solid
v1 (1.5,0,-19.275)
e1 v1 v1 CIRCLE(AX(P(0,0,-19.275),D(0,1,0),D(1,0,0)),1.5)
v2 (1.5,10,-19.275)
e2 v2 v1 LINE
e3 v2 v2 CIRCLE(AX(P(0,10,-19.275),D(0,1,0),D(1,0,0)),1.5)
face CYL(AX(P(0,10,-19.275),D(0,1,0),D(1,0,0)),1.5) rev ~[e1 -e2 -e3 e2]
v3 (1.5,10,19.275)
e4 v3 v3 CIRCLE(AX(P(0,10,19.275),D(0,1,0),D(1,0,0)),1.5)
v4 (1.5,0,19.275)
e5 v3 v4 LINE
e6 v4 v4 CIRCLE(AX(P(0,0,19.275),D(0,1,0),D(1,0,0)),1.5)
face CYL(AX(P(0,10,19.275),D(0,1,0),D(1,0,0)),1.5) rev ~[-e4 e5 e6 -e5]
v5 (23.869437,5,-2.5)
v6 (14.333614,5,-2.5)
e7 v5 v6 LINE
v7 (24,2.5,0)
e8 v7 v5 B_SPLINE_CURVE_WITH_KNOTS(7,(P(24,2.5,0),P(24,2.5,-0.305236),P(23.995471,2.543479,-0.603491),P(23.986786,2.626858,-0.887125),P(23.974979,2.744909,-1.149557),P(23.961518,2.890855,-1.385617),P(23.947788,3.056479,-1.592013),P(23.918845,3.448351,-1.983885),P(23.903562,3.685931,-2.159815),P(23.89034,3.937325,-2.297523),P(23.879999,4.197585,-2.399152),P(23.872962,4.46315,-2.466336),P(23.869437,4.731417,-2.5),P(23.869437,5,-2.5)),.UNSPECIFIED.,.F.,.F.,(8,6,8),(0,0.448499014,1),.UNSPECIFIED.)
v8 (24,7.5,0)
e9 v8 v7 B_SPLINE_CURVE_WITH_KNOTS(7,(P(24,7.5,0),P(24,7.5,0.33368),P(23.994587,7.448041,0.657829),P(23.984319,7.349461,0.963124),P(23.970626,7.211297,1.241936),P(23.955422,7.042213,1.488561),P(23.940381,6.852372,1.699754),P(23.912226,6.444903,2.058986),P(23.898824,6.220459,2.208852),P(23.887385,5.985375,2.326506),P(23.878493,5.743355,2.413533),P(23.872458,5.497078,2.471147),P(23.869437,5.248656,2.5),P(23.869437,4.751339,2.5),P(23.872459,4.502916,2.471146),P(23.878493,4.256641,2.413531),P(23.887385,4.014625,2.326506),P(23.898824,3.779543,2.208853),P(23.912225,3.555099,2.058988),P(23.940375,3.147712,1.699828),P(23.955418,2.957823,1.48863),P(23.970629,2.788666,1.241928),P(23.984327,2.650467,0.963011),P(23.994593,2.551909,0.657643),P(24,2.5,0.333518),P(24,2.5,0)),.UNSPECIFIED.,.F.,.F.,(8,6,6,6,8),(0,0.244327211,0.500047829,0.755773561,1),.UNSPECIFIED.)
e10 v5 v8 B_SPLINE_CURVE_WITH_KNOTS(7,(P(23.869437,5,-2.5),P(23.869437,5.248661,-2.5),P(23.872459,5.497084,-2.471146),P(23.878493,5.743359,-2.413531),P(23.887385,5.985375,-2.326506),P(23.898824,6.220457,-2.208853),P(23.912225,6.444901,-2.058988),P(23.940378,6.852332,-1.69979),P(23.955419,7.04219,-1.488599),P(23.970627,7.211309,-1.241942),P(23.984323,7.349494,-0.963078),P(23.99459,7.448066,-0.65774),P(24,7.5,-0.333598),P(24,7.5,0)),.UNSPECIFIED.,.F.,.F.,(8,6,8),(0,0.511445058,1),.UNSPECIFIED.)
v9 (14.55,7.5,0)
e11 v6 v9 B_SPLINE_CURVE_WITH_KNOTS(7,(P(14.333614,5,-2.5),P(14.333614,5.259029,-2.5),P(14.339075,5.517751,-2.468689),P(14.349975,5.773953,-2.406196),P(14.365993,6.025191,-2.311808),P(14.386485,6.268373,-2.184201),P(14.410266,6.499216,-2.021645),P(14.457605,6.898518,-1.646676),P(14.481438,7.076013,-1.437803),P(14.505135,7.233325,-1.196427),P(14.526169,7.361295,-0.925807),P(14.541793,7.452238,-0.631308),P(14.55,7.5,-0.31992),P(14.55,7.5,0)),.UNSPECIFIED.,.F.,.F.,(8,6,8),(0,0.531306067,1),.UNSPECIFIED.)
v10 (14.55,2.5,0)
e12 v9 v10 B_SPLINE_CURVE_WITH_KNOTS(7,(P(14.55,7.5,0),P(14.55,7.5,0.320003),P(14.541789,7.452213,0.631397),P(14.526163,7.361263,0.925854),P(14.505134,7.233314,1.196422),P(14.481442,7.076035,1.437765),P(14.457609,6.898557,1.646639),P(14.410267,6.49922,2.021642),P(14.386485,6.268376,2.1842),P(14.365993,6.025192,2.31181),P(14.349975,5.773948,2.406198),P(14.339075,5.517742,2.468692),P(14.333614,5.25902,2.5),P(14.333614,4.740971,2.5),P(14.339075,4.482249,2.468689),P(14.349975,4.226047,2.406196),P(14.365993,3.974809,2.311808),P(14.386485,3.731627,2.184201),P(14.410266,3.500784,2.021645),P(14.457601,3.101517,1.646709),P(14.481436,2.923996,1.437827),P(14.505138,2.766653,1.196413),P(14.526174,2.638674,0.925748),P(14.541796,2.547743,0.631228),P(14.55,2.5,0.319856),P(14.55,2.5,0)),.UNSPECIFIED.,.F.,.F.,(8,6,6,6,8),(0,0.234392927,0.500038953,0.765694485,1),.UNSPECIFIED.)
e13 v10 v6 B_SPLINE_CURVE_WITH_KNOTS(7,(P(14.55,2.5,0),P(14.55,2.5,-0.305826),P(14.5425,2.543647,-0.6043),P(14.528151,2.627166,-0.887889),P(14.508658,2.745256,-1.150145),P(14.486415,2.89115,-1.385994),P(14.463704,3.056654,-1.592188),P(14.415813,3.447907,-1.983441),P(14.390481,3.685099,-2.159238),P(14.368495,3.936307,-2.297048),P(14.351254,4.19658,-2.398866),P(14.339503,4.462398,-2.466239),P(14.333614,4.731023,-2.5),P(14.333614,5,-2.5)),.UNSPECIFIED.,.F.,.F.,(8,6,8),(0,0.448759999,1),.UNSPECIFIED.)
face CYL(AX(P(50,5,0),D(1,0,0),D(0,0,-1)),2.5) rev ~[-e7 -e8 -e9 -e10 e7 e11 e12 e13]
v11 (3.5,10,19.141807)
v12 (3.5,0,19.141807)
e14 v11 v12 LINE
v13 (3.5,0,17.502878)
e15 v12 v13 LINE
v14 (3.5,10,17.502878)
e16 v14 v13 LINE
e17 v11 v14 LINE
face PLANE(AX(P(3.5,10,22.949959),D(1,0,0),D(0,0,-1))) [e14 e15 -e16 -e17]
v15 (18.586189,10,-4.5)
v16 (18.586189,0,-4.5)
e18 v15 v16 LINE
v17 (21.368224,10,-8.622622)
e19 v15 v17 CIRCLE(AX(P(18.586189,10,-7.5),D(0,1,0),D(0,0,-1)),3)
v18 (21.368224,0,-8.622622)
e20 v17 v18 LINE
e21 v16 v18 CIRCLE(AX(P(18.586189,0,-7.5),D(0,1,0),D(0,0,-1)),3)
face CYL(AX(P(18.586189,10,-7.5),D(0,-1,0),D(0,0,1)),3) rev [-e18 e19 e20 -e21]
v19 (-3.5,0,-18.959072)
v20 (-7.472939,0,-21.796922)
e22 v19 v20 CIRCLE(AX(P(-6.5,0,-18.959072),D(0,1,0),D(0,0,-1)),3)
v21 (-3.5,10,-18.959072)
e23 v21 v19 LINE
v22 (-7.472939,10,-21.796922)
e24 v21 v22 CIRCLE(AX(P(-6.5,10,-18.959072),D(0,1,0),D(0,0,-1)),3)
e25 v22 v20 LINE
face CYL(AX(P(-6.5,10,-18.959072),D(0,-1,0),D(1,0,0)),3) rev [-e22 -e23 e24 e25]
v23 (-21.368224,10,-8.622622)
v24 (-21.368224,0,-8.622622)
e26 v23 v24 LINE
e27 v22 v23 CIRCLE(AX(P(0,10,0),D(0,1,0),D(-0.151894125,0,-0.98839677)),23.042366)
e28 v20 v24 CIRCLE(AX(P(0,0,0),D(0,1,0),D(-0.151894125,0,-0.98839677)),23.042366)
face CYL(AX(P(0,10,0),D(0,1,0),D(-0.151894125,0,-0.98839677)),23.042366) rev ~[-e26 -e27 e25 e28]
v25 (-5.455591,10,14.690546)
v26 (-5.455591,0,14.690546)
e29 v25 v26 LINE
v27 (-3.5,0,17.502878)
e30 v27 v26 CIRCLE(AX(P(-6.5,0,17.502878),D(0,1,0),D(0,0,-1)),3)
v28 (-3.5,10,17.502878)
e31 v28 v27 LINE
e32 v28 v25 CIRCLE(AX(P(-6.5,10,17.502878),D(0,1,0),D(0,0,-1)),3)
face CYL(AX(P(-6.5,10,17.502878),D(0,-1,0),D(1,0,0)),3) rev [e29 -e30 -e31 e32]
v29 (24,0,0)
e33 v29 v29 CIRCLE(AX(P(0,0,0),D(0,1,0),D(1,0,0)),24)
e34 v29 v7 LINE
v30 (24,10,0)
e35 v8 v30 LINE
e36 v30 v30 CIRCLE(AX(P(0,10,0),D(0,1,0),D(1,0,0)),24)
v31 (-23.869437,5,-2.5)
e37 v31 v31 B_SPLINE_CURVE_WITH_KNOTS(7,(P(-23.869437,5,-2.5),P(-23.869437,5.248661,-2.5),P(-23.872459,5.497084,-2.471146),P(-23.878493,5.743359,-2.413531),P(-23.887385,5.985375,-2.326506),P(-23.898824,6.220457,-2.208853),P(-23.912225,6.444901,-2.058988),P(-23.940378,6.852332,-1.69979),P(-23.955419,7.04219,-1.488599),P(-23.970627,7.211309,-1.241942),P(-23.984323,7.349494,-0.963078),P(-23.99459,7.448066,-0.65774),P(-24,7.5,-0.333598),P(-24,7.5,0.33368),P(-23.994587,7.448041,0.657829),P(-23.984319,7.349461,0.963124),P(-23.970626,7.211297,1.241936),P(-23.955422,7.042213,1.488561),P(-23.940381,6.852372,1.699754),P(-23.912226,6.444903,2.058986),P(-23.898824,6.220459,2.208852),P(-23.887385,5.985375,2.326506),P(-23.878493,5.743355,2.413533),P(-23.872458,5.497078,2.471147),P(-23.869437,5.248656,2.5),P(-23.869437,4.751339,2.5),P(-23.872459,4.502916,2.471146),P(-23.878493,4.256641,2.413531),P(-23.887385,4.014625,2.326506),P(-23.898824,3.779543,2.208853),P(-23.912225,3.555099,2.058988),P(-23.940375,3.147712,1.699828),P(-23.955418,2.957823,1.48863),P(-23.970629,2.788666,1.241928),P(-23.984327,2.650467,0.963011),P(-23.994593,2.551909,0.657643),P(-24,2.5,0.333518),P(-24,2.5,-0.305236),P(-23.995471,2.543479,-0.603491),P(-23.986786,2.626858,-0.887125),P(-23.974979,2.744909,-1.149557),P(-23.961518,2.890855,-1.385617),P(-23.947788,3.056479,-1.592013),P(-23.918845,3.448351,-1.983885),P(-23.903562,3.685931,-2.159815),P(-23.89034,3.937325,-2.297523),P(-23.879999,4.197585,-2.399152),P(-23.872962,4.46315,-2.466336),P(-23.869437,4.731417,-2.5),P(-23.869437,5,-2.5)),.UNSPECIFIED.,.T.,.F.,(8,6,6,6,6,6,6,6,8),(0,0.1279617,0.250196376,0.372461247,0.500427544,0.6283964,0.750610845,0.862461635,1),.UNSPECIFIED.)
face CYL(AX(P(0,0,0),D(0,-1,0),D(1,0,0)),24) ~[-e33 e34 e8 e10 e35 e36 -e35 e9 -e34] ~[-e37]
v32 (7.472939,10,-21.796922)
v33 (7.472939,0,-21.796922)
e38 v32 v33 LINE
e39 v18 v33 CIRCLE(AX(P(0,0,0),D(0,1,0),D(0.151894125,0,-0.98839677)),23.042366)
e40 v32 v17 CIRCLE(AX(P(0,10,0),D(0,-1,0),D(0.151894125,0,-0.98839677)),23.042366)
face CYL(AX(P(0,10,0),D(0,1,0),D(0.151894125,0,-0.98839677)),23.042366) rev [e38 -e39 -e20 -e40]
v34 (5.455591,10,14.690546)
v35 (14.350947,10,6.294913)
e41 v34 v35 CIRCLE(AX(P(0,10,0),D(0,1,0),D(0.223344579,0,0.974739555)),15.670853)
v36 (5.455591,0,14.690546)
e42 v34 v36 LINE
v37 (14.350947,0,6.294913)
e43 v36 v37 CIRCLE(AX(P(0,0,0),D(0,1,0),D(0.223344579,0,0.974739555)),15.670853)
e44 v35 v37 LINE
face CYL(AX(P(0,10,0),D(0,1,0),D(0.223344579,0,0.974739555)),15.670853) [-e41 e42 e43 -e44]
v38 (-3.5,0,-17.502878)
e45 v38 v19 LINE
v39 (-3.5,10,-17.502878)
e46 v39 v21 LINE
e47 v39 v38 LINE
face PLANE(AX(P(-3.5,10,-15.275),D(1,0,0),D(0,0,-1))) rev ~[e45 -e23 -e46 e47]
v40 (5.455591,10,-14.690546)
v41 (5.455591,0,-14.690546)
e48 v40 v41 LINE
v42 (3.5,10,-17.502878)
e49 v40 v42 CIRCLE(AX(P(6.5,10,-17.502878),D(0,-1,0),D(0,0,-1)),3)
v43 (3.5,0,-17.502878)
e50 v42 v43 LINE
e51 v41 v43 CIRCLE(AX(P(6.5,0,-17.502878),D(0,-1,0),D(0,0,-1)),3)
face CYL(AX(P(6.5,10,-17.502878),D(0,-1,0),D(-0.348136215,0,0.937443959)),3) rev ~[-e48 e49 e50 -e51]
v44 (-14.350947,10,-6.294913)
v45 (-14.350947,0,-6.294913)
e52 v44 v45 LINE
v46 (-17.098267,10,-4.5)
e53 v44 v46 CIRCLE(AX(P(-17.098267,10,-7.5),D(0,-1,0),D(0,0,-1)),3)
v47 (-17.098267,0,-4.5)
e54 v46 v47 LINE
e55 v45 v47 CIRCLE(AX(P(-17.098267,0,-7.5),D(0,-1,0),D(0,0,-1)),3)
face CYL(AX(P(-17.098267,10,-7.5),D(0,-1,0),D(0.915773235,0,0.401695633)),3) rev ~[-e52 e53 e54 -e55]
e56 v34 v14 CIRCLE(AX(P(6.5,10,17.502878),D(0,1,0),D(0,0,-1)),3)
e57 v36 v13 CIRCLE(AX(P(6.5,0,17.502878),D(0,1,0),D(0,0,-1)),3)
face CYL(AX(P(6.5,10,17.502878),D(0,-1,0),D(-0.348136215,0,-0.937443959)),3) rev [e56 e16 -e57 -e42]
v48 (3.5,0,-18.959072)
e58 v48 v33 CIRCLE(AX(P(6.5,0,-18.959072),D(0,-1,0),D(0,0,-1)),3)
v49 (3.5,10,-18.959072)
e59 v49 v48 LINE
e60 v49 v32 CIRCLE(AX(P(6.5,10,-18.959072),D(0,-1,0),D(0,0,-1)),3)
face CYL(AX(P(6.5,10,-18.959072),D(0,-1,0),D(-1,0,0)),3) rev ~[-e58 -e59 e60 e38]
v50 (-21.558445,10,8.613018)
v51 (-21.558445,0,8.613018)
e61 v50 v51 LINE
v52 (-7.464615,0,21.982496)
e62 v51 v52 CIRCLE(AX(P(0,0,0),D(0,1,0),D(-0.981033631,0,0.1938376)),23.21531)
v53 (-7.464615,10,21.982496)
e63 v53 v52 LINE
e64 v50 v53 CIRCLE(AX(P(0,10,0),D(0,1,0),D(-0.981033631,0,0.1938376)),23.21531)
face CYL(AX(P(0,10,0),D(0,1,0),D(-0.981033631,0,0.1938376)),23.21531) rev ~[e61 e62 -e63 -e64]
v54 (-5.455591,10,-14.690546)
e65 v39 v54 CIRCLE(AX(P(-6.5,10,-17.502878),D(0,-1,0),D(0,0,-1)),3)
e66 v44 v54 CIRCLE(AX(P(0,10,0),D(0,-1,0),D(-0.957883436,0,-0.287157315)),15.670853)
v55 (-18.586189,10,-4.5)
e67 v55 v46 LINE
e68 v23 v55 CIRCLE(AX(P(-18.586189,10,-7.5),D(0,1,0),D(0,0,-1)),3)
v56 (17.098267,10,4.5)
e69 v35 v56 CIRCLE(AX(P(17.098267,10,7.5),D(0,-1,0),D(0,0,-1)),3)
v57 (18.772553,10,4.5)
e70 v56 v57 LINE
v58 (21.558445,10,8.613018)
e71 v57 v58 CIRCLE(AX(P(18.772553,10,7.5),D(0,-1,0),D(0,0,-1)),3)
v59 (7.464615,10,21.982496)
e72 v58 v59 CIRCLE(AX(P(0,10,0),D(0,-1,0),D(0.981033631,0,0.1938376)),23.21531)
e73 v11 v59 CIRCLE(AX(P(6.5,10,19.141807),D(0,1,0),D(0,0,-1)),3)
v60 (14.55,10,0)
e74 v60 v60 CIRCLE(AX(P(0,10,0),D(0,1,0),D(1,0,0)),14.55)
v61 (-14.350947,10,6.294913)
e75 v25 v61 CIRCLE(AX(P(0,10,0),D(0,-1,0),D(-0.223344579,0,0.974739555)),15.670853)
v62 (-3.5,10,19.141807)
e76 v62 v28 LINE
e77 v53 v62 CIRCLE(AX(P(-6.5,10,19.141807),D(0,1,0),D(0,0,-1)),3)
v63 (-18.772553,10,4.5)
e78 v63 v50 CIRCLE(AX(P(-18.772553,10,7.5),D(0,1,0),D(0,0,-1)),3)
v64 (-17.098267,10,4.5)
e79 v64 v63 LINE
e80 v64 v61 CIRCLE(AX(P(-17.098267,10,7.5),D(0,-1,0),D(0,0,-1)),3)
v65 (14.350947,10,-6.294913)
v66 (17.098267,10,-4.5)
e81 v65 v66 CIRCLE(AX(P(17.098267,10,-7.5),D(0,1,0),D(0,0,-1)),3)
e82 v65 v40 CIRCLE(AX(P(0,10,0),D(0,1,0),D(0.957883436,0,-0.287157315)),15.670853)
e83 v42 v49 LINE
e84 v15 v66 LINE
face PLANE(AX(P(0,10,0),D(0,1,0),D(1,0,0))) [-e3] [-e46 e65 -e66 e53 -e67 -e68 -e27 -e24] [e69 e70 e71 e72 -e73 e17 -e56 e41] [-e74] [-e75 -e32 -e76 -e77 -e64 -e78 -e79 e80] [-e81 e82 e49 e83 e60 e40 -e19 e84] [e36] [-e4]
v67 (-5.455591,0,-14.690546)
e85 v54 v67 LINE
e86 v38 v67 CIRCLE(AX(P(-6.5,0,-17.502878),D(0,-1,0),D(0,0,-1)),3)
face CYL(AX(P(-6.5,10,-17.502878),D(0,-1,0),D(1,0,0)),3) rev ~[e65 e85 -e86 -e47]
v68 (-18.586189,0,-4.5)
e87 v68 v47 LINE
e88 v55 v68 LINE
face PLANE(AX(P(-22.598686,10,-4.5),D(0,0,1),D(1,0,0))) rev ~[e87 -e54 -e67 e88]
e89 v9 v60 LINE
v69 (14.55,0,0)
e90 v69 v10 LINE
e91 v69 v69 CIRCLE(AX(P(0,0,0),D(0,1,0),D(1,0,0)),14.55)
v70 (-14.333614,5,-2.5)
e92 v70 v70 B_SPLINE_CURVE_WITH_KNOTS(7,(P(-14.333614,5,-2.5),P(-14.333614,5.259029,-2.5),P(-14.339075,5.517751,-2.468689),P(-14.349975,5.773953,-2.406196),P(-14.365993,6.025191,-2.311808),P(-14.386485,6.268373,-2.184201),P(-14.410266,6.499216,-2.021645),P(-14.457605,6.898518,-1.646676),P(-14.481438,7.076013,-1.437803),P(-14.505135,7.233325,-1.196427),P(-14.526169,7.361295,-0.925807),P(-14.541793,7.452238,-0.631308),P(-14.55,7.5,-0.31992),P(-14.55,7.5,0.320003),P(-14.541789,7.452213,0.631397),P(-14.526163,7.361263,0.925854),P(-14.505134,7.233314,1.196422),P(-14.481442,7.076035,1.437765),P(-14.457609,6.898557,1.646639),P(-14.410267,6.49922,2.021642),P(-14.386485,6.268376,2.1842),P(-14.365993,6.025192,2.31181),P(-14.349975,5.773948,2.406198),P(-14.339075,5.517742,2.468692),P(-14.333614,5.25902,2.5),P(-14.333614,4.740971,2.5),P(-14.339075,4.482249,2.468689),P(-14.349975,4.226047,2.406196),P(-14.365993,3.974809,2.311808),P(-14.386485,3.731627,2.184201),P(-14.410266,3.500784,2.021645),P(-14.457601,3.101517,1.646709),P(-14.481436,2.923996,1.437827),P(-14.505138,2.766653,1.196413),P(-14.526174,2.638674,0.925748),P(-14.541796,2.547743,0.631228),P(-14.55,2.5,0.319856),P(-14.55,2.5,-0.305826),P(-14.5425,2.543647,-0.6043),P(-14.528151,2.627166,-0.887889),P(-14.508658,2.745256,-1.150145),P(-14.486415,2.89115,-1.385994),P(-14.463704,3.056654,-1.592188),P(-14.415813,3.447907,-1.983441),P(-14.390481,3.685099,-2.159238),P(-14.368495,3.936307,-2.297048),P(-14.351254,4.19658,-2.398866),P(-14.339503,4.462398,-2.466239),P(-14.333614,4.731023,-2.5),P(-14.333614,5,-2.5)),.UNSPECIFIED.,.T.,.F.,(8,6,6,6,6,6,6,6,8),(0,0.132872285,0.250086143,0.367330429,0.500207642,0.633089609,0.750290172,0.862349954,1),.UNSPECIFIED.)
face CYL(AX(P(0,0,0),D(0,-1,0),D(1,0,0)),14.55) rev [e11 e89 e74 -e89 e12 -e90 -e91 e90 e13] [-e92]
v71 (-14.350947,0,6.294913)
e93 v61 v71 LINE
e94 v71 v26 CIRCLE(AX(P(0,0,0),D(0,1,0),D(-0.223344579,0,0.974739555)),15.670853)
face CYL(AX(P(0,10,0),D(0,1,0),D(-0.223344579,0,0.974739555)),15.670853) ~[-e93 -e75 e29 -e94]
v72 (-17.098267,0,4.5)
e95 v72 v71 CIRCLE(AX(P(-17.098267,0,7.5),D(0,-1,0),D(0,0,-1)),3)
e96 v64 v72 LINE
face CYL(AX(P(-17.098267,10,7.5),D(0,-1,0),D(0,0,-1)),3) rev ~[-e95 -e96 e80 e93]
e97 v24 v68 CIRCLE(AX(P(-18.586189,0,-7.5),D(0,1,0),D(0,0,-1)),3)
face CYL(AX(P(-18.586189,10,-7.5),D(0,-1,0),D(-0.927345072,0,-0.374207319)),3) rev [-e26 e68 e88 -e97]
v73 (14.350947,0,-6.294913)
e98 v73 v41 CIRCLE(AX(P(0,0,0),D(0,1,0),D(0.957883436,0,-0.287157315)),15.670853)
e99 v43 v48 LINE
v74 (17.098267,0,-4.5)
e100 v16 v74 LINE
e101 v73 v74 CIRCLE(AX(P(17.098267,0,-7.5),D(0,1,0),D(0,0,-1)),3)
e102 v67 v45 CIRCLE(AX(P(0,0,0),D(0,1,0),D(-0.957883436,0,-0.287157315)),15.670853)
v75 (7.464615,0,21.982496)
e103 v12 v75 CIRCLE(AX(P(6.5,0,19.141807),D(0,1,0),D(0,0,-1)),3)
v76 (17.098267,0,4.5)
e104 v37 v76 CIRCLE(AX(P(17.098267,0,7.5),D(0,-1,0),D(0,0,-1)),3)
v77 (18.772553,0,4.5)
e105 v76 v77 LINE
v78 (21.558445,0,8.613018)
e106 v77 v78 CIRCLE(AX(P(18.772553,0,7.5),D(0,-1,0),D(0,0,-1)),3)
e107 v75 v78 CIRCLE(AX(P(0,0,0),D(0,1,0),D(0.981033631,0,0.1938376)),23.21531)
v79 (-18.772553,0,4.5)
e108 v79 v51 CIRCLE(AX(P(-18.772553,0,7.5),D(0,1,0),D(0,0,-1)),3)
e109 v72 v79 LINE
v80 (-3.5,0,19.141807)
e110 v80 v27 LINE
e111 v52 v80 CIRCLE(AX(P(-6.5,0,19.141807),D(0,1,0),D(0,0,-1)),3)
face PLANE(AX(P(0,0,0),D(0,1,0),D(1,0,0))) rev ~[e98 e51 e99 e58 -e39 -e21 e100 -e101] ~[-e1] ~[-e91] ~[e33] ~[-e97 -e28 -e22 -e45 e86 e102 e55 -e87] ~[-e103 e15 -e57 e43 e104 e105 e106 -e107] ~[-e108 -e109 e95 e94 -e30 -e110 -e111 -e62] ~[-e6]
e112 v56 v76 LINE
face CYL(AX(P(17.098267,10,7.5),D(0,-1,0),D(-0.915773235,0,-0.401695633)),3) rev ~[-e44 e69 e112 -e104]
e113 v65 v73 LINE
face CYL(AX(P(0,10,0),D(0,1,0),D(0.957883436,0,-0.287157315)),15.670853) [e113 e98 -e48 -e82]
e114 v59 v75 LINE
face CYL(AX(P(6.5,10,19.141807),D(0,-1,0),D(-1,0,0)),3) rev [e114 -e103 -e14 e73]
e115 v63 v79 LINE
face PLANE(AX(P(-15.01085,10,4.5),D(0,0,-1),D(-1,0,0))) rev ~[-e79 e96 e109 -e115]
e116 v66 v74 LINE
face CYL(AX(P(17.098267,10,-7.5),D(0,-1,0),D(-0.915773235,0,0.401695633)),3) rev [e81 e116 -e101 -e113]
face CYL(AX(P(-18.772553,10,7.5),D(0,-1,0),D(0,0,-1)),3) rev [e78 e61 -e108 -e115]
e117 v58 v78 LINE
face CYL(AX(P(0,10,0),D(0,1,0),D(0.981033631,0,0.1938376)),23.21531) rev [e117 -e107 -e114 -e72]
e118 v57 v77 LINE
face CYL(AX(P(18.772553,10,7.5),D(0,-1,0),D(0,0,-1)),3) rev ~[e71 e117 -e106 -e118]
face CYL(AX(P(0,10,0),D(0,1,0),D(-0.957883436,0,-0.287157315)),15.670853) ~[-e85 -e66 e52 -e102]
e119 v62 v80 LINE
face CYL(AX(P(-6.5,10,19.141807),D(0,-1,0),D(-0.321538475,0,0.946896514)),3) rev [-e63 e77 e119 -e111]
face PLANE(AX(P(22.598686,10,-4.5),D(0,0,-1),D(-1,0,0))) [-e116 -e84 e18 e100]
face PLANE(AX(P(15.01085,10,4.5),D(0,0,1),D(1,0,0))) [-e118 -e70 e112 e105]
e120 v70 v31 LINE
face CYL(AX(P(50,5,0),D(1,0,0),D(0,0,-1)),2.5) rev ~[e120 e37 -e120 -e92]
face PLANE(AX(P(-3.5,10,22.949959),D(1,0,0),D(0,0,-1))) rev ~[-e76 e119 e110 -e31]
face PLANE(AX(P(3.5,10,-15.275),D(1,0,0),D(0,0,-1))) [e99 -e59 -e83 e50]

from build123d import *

# Parameters (mm, degrees)
SKETCH3_R           = 24
SKETCH3_R_2         = 14.55
BOSS_EXTRUDE1_DEPTH = 10
CUT_EXTRUDE2_START  = 50
SKETCH4_R           = 2.5
CUT_EXTRUDE2_DEPTH  = 100
SKETCH5_R           = 1.5
CUT_EXTRUDE3_DEPTH  = 100
CUT_EXTRUDE6_DEPTH  = 26
CUT_EXTRUDE7_DEPTH  = 26
CUT_EXTRUDE8_DEPTH  = 26
CUT_EXTRUDE9_DEPTH  = 26
FILLET5_R           = 3


with BuildPart() as part:
    # Sketch3 → Boss-Extrude1 (new body)
    with BuildSketch(Plane(origin=(0, 0, 0), x_dir=(1, 0, 0), z_dir=(0, 1, 0))):
        Circle(SKETCH3_R)
        Circle(SKETCH3_R_2, mode=Mode.SUBTRACT)
    extrude(amount=BOSS_EXTRUDE1_DEPTH)

    # Sketch4 → Cut-Extrude2 (cut)
    with BuildSketch(Plane(origin=(0, 0, 0), x_dir=(0, 0, -1), z_dir=(1, 0, 0)).offset(CUT_EXTRUDE2_START)):
        with Locations((0, 5)):
            Circle(SKETCH4_R)
    extrude(amount=-CUT_EXTRUDE2_DEPTH, mode=Mode.SUBTRACT)

    # Sketch5 → Cut-Extrude3 (cut)
    with BuildSketch(Plane(origin=(0, 10, 0), x_dir=(1, 0, 0), z_dir=(0, 1, 0))):
        with Locations((0, 19.275)):
            Circle(SKETCH5_R)
        with Locations((0, -19.275)):
            Circle(SKETCH5_R)
    extrude(amount=-CUT_EXTRUDE3_DEPTH, mode=Mode.SUBTRACT)

    # Sketch7 → Cut-Extrude6 (cut)
    with BuildSketch(Plane(origin=(0, 10, 0), x_dir=(1, 0, 0), z_dir=(0, 1, 0))):
        with BuildLine():
            Line((3.5, 15.275), (3.5, 22.775))
            ThreePointArc((3.5, 22.775), (15.930450829, 16.648464235), (22.598686356, 4.5))
            Line((22.598686356, 4.5), (15.010850242, 4.5))
            ThreePointArc((15.010850242, 4.5), (10.709250694, 11.440610761), (3.5, 15.275))
        make_face()
    extrude(amount=-CUT_EXTRUDE6_DEPTH, mode=Mode.SUBTRACT)

    # Sketch9 → Cut-Extrude7 (cut)
    with BuildSketch(Plane(origin=(0, 10, 0), x_dir=(1, 0, 0), z_dir=(0, 1, 0))):
        with BuildLine():
            Line((15.010850242, -4.5), (22.775, -4.5))
            ThreePointArc((22.775, -4.5), (16.052855024, -16.770702746), (3.5, -22.94995915))
            Line((3.5, -22.94995915), (3.5, -15.275))
            ThreePointArc((3.5, -15.275), (10.709250694, -11.440610761), (15.010850242, -4.5))
        make_face()
    extrude(amount=-CUT_EXTRUDE7_DEPTH, mode=Mode.SUBTRACT)

    # Sketch10 → Cut-Extrude8 (cut)
    with BuildSketch(Plane(origin=(0, 10, 0), x_dir=(1, 0, 0), z_dir=(0, 1, 0))):
        with BuildLine():
            Line((-3.5, 15.275), (-3.5, 22.775))
            ThreePointArc((-3.5, 22.775), (-15.930450829, 16.648464235), (-22.598686356, 4.5))
            Line((-22.598686356, 4.5), (-15.010850242, 4.5))
            ThreePointArc((-15.010850242, 4.5), (-10.709250694, 11.440610761), (-3.5, 15.275))
        make_face()
    extrude(amount=-CUT_EXTRUDE8_DEPTH, mode=Mode.SUBTRACT)

    # Sketch11 → Cut-Extrude9 (cut)
    with BuildSketch(Plane(origin=(0, 10, 0), x_dir=(1, 0, 0), z_dir=(0, 1, 0))):
        with BuildLine():
            Line((-15.010850242, -4.5), (-22.775, -4.5))
            ThreePointArc((-22.775, -4.5), (-16.052855024, -16.770702746), (-3.5, -22.94995915))
            Line((-3.5, -22.94995915), (-3.5, -15.275))
            ThreePointArc((-3.5, -15.275), (-10.709250694, -11.440610761), (-15.010850242, -4.5))
        make_face()
    extrude(amount=-CUT_EXTRUDE9_DEPTH, mode=Mode.SUBTRACT)

    # Fillet5
    fillet5_edges = [part.edges().sort_by_distance(p)[0] for p in [
        (-3.5, 5, 22.94995915),
        (-22.775, 5, 4.5),
        (-15.010850242, 5, 4.5),
        (-3.5, 5, 15.275),
        (3.5, 5, -22.775),
        (22.598686356, 5, -4.5),
        (15.010850242, 5, -4.5),
        (3.5, 5, -15.275),
        (3.5, 5, 15.275),
        (15.010850242, 5, 4.5),
        (22.775, 5, 4.5),
        (3.5, 5, 22.94995915),
        (-3.5, 5, -15.275),
        (-15.010850242, 5, -4.5),
        (-22.598686356, 5, -4.5),
        (-3.5, 5, -22.775),
    ]]
    fillet(fillet5_edges, radius=FILLET5_R)


solid = part.part
